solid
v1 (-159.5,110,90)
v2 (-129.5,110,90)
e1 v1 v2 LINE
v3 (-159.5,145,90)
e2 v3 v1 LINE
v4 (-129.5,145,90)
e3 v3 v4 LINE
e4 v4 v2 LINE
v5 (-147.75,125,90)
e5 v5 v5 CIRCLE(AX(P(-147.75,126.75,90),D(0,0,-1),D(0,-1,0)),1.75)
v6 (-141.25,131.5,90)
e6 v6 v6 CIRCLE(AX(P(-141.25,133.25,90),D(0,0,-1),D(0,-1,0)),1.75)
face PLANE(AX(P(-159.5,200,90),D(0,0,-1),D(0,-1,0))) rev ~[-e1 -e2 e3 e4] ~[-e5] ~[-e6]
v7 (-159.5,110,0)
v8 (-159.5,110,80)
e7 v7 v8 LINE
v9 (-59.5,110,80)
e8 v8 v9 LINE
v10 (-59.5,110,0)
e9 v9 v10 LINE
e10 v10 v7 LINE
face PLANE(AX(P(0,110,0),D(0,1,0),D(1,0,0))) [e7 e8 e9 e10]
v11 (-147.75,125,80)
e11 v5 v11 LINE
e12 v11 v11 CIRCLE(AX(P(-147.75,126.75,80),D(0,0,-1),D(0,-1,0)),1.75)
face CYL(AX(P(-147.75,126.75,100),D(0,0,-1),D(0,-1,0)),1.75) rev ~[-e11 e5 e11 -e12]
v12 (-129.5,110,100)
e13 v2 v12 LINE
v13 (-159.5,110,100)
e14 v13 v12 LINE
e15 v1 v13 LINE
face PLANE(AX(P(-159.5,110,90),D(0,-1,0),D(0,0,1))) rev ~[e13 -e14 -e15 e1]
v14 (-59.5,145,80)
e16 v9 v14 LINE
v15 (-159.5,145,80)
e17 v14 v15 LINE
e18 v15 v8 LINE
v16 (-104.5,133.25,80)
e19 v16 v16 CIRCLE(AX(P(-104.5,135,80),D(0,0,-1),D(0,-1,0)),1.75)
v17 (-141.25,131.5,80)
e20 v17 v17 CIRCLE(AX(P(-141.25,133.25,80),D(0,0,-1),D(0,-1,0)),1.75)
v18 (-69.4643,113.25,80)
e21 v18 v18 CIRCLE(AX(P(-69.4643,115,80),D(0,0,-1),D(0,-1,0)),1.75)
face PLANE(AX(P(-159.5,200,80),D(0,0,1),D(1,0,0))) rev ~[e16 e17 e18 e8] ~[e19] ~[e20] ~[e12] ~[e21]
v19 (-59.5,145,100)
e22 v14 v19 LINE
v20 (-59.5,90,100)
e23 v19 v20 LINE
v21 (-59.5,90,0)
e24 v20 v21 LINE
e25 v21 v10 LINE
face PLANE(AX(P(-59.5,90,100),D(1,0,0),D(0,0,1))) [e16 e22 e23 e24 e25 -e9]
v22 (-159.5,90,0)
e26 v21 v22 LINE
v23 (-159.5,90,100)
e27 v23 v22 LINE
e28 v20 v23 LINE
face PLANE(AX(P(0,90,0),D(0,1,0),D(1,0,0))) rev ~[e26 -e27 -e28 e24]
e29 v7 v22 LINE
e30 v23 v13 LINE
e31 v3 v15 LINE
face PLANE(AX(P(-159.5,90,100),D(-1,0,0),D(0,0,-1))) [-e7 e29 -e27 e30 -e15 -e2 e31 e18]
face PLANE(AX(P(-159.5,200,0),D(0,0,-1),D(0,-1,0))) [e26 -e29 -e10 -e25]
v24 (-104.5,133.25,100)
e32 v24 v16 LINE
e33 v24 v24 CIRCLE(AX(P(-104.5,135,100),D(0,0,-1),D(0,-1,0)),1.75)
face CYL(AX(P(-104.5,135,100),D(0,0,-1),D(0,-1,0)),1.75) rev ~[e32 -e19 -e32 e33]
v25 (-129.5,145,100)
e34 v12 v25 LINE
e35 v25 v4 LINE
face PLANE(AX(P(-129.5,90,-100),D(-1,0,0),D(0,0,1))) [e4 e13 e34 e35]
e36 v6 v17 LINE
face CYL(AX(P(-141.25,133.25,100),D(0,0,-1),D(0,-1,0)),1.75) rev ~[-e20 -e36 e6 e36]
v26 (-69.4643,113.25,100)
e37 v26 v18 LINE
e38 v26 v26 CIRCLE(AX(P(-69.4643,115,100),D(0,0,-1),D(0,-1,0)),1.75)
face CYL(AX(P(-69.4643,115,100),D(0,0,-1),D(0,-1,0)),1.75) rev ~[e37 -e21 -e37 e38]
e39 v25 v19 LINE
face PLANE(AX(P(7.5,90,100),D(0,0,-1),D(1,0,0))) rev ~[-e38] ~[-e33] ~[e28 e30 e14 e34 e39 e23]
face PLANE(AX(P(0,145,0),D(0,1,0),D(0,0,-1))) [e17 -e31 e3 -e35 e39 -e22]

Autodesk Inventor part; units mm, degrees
ref_plane "YZ Plane" through (0, 0, 0) normal (1, 0, 0) x (0, 1, 0)
ref_plane "XZ Plane" through (0, 0, 0) normal (0, 1, 0) x (-1, 0, 0)
ref_plane "XY Plane" through (0, 0, 0) normal (0, 0, 1) x (1, 0, 0)
sketch "Boceto2" plane through (0, 0, 0) normal (0, 1, 0) x (-1, 0, 0)
  line L0 (7.5, 100) -> (-7.5, 100)
  line L1 (-7.5, 100) -> (-7.5, -100)
  line L2 (-7.5, -100) -> (7.5, -100)
  line L3 (7.5, -100) -> (7.5, 100)
  line L4 (7.5, 100) -> (-7.5, -100) construction
  line L5 (-7.5, 100) -> (7.5, -100) construction
  point P0 (0, 0)
  dimension "d7" = 15
  dimension "d8" = 200
extrude "Extrusión1" add sketch "Boceto2" along normal blind 10
sketch "Boceto3" plane through (0, 10, 0) normal (0, 1, 0) x (1, 0, 0)
  line L0 (5, 60) -> (-5, 60)
  line L1 (-5, 60) -> (-5, 70)
  line L2 (-5, 70) -> (5, 70)
  line L3 (5, 70) -> (5, 60)
  line L4 (5, 60) -> (-5, 70) construction
  line L5 (7.5, 100) -> (-7.5, 100) projected
  line L6 (0, 64.5148) -> (0, 61.9205)
  circle A0 centre (3.25, 61.75) radius 1.75
  circle A1 centre (-3.25, 68.25) radius 1.75
  line L7 (-7.5, 100) -> (-7.5, -100) projected
  line L8 (-7.5, 0) -> (0, 0)
  line L9 (5, -70) -> (5, -60)
  line L10 (-5, -70) -> (5, -70)
  line L11 (5, -60) -> (-5, -60)
  line L12 (-5, -60) -> (-5, -70)
  line L13 (5, -60) -> (-5, -70) construction
  line L14 (0, -64.5148) -> (0, -61.9205)
  circle A2 centre (-3.25, -68.25) radius 1.75
  circle A3 centre (3.25, -61.75) radius 1.75
  point P0 (3.25, 68.25)
  point P1 (-5, 65)
  point P2 (-3.25, 61.75)
  point P3 (0, 100)
  point P4 (3.25, -68.25)
  point P5 (-3.25, -61.75)
  point P6 (-5, -65)
  dimension "d12" = 1.75
  dimension "d13" = 1.75
  dimension "d14" = 1.75
  dimension "d15" = 1.75
  dimension "d16" = 10
  dimension "d17" = 10
  dimension "d19" = 30
  dimension "d67" = 31.75
hole "Agujero1" at (3.25, 10, -61.75) at (-3.25, 10, -68.25) at (-3.25, 10, 68.25) at (3.25, 10, 61.75) direction (0, -1, 0) diameter 3.5 end through all
sketch "Boceto4" plane through (0, 10, 0) normal (0, 1, 0) x (1, 0, 0)
  line L0 (-7.5, 100) -> (-7.5, -100) projected
  line L1 (-7.5, -100) -> (7.5, -100)
  line L2 (7.5, -100) -> (7.5, -80)
  line L3 (7.5, -80) -> (-7.5, -80)
  line L4 (-7.5, -80) -> (-7.5, -100)
  line L5 (-7.5, 0) -> (1.0116, 0)
  line L6 (-7.5, -100) -> (-7.5, 100)
  line L7 (-7.5, 100) -> (7.5, 100)
  line L8 (7.5, 100) -> (7.5, 80)
  line L9 (7.5, 80) -> (-7.5, 80)
  line L10 (-7.5, 80) -> (-7.5, 100)
  point P0 (0, 0)
  point P1 (-7.5, -80)
  point P2 (-7.5, 80)
  dimension "d27" = 15
  dimension "d28" = 20
extrude "Extrusión2" add sketch "Boceto4" along normal blind 80
sketch "Boceto5" plane through (0, 90, 0) normal (0, 1, 0) x (1, 0, 0)
  line L0 (-7.5, -100) -> (7.5, -100) projected
  line L1 (-7.5, -100) -> (40.5, -100)
  line L2 (40.5, -100) -> (40.5, 100)
  line L3 (40.5, 100) -> (-7.5, 100)
  line L4 (-7.5, 100) -> (-7.5, -100)
  line L5 (40.5, -100) -> (-159.5, -100)
  line L6 (-159.5, -100) -> (-159.5, 100)
  line L7 (-159.5, 100) -> (40.5, 100)
  line L8 (40.5, 100) -> (40.5, -100)
  point P0 (0, 0)
  point P1 (-7.5, 100)
  dimension "d31" = 48
  dimension "d32" = 200
  dimension "d74" = 200
extrude "Extrusión3" add sketch "Boceto5" along normal blind 110
sketch "Boceto6" plane through (0, 200, 0) normal (0, 1, 0) x (1, 0, 0)
  line L0 (40.5, 100) -> (7.5, 100) projected
  line L1 (40.5, 100) -> (20.5, 100)
  line L2 (20.5, 100) -> (20.5, 80)
  line L3 (7.5, -100) -> (40.5, -100) projected
  line L4 (24, -100) -> (24, -80)
  line L5 (-159.5, 100) -> (-159.5, -100) projected
  line L6 (20.5, 80) -> (-159.5, 80)
  line L7 (-159.5, 80) -> (-159.5, -80)
  line L8 (-159.5, -80) -> (20.5, -80)
  line L9 (20.5, -80) -> (20.5, 80)
  line L10 (-159.5, -100) -> (40.5, -100) projected
  point P0 (7.5, 80)
  point P1 (-159.5, 80)
  dimension "d36" = 20
  dimension "d37" = 20
  dimension "d38" = 20
  dimension "d78" = 20
extrude "Extrusión4" cut sketch "Boceto6" against normal blind 90
sketch "Boceto7" plane through (-159.5, 90, -100) normal (-1, 0, 0) x (0, 0, 1)
  line L0 (0, 110) -> (20, 110) projected
  line L1 (20, 110) -> (10, 110)
  line L2 (10, 110) -> (10, 20)
  line L3 (10, 20) -> (20, 20)
  line L4 (20, 20) -> (20, 110)
  line L5 (180, 110) -> (180, 20) projected
  line L6 (180, 110) -> (190, 110)
  line L7 (190, 110) -> (190, 20)
  line L8 (190, 20) -> (180, 20)
  line L9 (180, 20) -> (180, 110)
  line L10 (200, 0) -> (200, 110) projected
  line L11 (0, 0) -> (0, 110) projected
  line L12 (0, 110) -> (10, 110)
  line L13 (10, 110) -> (10, 20)
  line L14 (10, 20) -> (0, 20)
  line L15 (0, 20) -> (0, 110)
  line L16 (200, 110) -> (0, 110) projected
  line L17 (200, 110) -> (190, 110)
  line L18 (190, 110) -> (190, 20)
  line L19 (190, 20) -> (200, 20)
  line L20 (200, 20) -> (200, 110)
  point P0 (100, -90)
  point P1 (200, 20)
  dimension "d42" = 10
  dimension "d63" = 10
  dimension "d65" = 10
extrude "Extrusión5" cut sketch "Boceto7" against normal blind 30 contours L0 L2 L14 L11 | L16 L10 L19 L7
sketch "Boceto8" plane through (-7.5, 0, 100) normal (0, 0, 1) x (1, 0, 0)
  line L0 (-122, 200) -> (-122, 110) projected
  line L1 (-132, 175) -> (-142, 175)
  line L2 (-142, 175) -> (-142, 185)
  line L3 (-142, 185) -> (-132, 185)
  line L4 (-132, 185) -> (-132, 175)
  line L5 (-132, 175) -> (-142, 185) construction
  line L6 (-142, 175) -> (-132, 185) construction
  line L7 (-152, 200) -> (48, 200) projected
  line L8 (-113, 155) -> (-128, 155)
  line L9 (-152, 110) -> (-122, 110) projected
  line L10 (-132, 180) -> (-131.5898, 180)
  circle A0 centre (-140.25, 183.25) radius 1.75
  circle A1 centre (-133.75, 176.75) radius 1.75
  line L11 (-132, 125) -> (-132, 135)
  line L12 (-142, 125) -> (-132, 125)
  line L13 (-132, 135) -> (-142, 125) construction
  line L14 (-132, 135) -> (-142, 135)
  line L15 (-142, 135) -> (-132, 125) construction
  line L16 (-142, 135) -> (-142, 125)
  line L17 (-132, 130) -> (-131.5898, 130)
  circle A2 centre (-133.75, 133.25) radius 1.75
  circle A3 centre (-140.25, 126.75) radius 1.75
  line L18 (-152, 110) -> (-152, 200) projected
  point P0 (7.5, 0)
  point P1 (-113, 215)
  point P2 (-133.75, 183.25)
  point P3 (-142, 180)
  point P4 (-140.25, 176.75)
  point P5 (48, 200)
  point P6 (-133.75, 126.75)
  point P7 (-140.25, 133.25)
  point P8 (-143, 115)
  point P9 (-133.75, 126.75)
  point P10 (-140.25, 133.25)
  point P11 (-142, 130)
  dimension "d46" = 1.75
  dimension "d47" = 1.75
  dimension "d48" = 1.75
  dimension "d49" = 1.75
  dimension "d50" = 10
  dimension "d51" = 10
  dimension "d52" = 15
  dimension "d66" = 10
  dimension "d70" = 15
hole "Agujero2" at (-147.75, 183.25, 100) at (-141.25, 176.75, 100) at (-147.75, 126.75, 100) at (-141.25, 133.25, 100) direction (0, 0, -1) diameter 3.5 end through all
ref_plane "Plano de trabajo1" through (-159.5, 90, 100) normal (0, -1, 0) x (1, 0, 0)
split "Dividir1" plane through (-159.5, 90, 100) removes the side toward (0, -1, 0)
ref_plane "Plano de trabajo2" through (-159.5, 200, 0) normal (0, 0, 1) x (1, 0, 0)
ref_plane "Plano de trabajo3" through (-59.5, 90, 100) normal (1, 0, 0) x (0, 0, -1)
sketch "Boceto9" plane through (-159.5, 90, 100) normal (0, 0, 1) x (1, 0, 0)
  line L0 (85.0357, 30) -> (115.0357, 30)
  circle A0 centre (110.0357, 25) radius 1.75
  line L1 (90.0357, 25) -> (110.0357, 25)
  line L2 (115.0357, 30) -> (115.0357, 20)
  circle A1 centre (90.0357, 25) radius 1.75
  line L3 (85.0357, 20) -> (115.0357, 30) construction
  line L4 (85.0357, 30) -> (115.0357, 20) construction
  line L5 (85.0357, 20) -> (85.0357, 30)
  line L6 (115.0357, 20) -> (85.0357, 20)
  line L7 (240, 0) -> (-40, 0) projected
  line L8 (200, 0) -> (200, 110) projected
  line L9 (200, 55) -> (88.2857, 55)
  line L10 (85.0357, 80) -> (115.0357, 80)
  circle A2 centre (110.0357, 85) radius 1.75
  line L11 (90.0357, 85) -> (110.0357, 85)
  line L12 (115.0357, 80) -> (115.0357, 90)
  circle A3 centre (90.0357, 85) radius 1.75
  line L13 (85.0357, 90) -> (115.0357, 80) construction
  line L14 (85.0357, 80) -> (115.0357, 90) construction
  line L15 (85.0357, 90) -> (85.0357, 80)
  line L16 (115.0357, 90) -> (85.0357, 90)
  line L17 (100.0357, 55) -> (185.099, 55) construction
  line L18 (160, 70) -> (160, 40)
  circle A4 centre (165, 45) radius 1.75
  line L19 (165, 65) -> (165, 45)
  line L20 (160, 40) -> (170, 40)
  circle A5 centre (165, 65) radius 1.75
  line L21 (170, 70) -> (160, 40) construction
  line L22 (160, 70) -> (170, 40) construction
  line L23 (170, 70) -> (160, 70)
  line L24 (170, 40) -> (170, 70)
  circle A6 centre (55, 65) radius 1.75
  line L25 (60, 70) -> (60, 40)
  line L26 (60, 70) -> (50, 40) construction
  line L27 (50, 70) -> (60, 70)
  line L28 (50, 40) -> (50, 70)
  line L29 (50, 70) -> (60, 40) construction
  circle A7 centre (55, 45) radius 1.75
  line L30 (55, 65) -> (55, 45)
  line L31 (60, 40) -> (50, 40)
  line L32 (30, 110) -> (30, 20) projected
  point P0 (159.5, -90)
  point P1 (100.0357, 34.7141)
  point P2 (85.0357, 36.6749)
  point P3 (100.0357, 34.7141)
  point P4 (115.0357, 25)
  point P5 (115.0357, 85)
  point P6 (189.1833, 40)
  point P7 (165, 70)
  point P8 (70.0357, 40)
  point P9 (55, 70)
  dimension "d83" = 10
  dimension "d84" = 30
  dimension "d85" = 5
  dimension "d86" = 5
  dimension "d87" = 5
  dimension "d88" = 5
  dimension "d89" = 20
  dimension "d91" = 30
  dimension "d92" = 5
  dimension "d93" = 5
  dimension "d94" = 3.5
  dimension "d95" = 5
  dimension "d96" = 5
  dimension "d97" = 5
  dimension "d98" = 5
  dimension "d99" = 5
  dimension "d100" = 20
ref_plane "Plano de trabajo4" through (0, 145, 0) normal (0, 1, 0) x (1, 0, 0)
hole "Agujero3" at (-104.5, 155, 100) at (-69.4643, 175, 100) at (-49.4643, 175, 100) at (-104.5, 135, 100) at (-69.4643, 115, 100) at (-49.4643, 115, 100) at (5.5, 135, 100) at (5.5, 155, 100) direction (0, 0, -1) diameter 3.5 end through all
sketch "Boceto10" plane through (40.5, 90, 100) normal (1, 0, 0) x (0, 0, -1)
  line L0 (85.0357, 30) -> (115.0357, 30)
  circle A0 centre (110.0357, 25) radius 1.75
  line L1 (90.0357, 25) -> (110.0357, 25)
  line L2 (115.0357, 30) -> (115.0357, 20)
  circle A1 centre (90.0357, 25) radius 1.75
  line L3 (85.0357, 20) -> (115.0357, 30) construction
  line L4 (85.0357, 30) -> (115.0357, 20) construction
  line L5 (85.0357, 20) -> (85.0357, 30)
  line L6 (115.0357, 20) -> (85.0357, 20)
  circle A2 centre (90.0357, 85) radius 1.75
  line L7 (85.0357, 80) -> (115.0357, 80)
  line L8 (85.0357, 80) -> (115.0357, 90) construction
  line L9 (85.0357, 90) -> (85.0357, 80)
  line L10 (115.0357, 90) -> (85.0357, 90)
  line L11 (85.0357, 90) -> (115.0357, 80) construction
  circle A3 centre (110.0357, 85) radius 1.75
  line L12 (90.0357, 85) -> (110.0357, 85)
  line L13 (115.0357, 80) -> (115.0357, 90)
  line L14 (160, 70) -> (160, 40)
  circle A4 centre (165, 45) radius 1.75
  line L15 (170, 40) -> (170, 70)
  line L16 (170, 70) -> (160, 40) construction
  line L17 (160, 40) -> (170, 40)
  line L18 (160, 70) -> (170, 40) construction
  circle A5 centre (165, 65) radius 1.75
  line L19 (165, 65) -> (165, 45)
  line L20 (170, 70) -> (160, 70)
  circle A6 centre (35, 65) radius 1.75
  line L21 (40, 70) -> (40, 40)
  line L22 (40, 40) -> (30, 40)
  circle A7 centre (35, 45) radius 1.75
  line L23 (35, 65) -> (35, 45)
  line L24 (40, 70) -> (30, 40) construction
  line L25 (30, 40) -> (30, 70)
  line L26 (30, 70) -> (40, 40) construction
  line L27 (30, 70) -> (40, 70)
  line L28 (0, 0) -> (0, 110) projected
  line L29 (200, 0) -> (200, 110) projected
  point P0 (100, -90)
  point P1 (100.0357, 34.7141)
  point P2 (100.0357, 34.7141)
  point P3 (85.0357, 36.6749)
  point P4 (115.0357, 25)
  point P5 (88.2857, 55)
  point P6 (115.0357, 85)
  point P7 (100.0357, 55)
  point P8 (189.1833, 40)
  point P9 (165, 70)
  point P10 (70.0357, 40)
  point P11 (35, 70)
  dimension "d108" = 10
  dimension "d109" = 30
  dimension "d110" = 5
  dimension "d111" = 5
  dimension "d112" = 5
  dimension "d113" = 5
  dimension "d114" = 5
  dimension "d115" = 5
  dimension "d116" = 3.5
  dimension "d117" = 5
  dimension "d118" = 5
  dimension "d119" = 5
  dimension "d120" = 5
  dimension "d121" = 5
  dimension "d122" = 30
  dimension "d123" = 30
hole "Agujero4" at (40.5, 175, 9.9643) at (40.5, 175, -10.0357) at (40.5, 155, 65) at (40.5, 135, 65) at (40.5, 115, 9.9643) at (40.5, 115, -10.0357) at (40.5, 135, -65) at (40.5, 155, -65) direction (-1, 0, 0) diameter 3.5 end through all
split "Dividir2" plane through (-59.5, 90, 100) removes the side toward (1, 0, 0)
split "Dividir3" plane through (-159.5, 200, 0) removes the side toward (0, 0, -1)
split "Dividir4" plane through (0, 145, 0) removes the side toward (0, 1, 0)
properties part number "container_back_head_4"
